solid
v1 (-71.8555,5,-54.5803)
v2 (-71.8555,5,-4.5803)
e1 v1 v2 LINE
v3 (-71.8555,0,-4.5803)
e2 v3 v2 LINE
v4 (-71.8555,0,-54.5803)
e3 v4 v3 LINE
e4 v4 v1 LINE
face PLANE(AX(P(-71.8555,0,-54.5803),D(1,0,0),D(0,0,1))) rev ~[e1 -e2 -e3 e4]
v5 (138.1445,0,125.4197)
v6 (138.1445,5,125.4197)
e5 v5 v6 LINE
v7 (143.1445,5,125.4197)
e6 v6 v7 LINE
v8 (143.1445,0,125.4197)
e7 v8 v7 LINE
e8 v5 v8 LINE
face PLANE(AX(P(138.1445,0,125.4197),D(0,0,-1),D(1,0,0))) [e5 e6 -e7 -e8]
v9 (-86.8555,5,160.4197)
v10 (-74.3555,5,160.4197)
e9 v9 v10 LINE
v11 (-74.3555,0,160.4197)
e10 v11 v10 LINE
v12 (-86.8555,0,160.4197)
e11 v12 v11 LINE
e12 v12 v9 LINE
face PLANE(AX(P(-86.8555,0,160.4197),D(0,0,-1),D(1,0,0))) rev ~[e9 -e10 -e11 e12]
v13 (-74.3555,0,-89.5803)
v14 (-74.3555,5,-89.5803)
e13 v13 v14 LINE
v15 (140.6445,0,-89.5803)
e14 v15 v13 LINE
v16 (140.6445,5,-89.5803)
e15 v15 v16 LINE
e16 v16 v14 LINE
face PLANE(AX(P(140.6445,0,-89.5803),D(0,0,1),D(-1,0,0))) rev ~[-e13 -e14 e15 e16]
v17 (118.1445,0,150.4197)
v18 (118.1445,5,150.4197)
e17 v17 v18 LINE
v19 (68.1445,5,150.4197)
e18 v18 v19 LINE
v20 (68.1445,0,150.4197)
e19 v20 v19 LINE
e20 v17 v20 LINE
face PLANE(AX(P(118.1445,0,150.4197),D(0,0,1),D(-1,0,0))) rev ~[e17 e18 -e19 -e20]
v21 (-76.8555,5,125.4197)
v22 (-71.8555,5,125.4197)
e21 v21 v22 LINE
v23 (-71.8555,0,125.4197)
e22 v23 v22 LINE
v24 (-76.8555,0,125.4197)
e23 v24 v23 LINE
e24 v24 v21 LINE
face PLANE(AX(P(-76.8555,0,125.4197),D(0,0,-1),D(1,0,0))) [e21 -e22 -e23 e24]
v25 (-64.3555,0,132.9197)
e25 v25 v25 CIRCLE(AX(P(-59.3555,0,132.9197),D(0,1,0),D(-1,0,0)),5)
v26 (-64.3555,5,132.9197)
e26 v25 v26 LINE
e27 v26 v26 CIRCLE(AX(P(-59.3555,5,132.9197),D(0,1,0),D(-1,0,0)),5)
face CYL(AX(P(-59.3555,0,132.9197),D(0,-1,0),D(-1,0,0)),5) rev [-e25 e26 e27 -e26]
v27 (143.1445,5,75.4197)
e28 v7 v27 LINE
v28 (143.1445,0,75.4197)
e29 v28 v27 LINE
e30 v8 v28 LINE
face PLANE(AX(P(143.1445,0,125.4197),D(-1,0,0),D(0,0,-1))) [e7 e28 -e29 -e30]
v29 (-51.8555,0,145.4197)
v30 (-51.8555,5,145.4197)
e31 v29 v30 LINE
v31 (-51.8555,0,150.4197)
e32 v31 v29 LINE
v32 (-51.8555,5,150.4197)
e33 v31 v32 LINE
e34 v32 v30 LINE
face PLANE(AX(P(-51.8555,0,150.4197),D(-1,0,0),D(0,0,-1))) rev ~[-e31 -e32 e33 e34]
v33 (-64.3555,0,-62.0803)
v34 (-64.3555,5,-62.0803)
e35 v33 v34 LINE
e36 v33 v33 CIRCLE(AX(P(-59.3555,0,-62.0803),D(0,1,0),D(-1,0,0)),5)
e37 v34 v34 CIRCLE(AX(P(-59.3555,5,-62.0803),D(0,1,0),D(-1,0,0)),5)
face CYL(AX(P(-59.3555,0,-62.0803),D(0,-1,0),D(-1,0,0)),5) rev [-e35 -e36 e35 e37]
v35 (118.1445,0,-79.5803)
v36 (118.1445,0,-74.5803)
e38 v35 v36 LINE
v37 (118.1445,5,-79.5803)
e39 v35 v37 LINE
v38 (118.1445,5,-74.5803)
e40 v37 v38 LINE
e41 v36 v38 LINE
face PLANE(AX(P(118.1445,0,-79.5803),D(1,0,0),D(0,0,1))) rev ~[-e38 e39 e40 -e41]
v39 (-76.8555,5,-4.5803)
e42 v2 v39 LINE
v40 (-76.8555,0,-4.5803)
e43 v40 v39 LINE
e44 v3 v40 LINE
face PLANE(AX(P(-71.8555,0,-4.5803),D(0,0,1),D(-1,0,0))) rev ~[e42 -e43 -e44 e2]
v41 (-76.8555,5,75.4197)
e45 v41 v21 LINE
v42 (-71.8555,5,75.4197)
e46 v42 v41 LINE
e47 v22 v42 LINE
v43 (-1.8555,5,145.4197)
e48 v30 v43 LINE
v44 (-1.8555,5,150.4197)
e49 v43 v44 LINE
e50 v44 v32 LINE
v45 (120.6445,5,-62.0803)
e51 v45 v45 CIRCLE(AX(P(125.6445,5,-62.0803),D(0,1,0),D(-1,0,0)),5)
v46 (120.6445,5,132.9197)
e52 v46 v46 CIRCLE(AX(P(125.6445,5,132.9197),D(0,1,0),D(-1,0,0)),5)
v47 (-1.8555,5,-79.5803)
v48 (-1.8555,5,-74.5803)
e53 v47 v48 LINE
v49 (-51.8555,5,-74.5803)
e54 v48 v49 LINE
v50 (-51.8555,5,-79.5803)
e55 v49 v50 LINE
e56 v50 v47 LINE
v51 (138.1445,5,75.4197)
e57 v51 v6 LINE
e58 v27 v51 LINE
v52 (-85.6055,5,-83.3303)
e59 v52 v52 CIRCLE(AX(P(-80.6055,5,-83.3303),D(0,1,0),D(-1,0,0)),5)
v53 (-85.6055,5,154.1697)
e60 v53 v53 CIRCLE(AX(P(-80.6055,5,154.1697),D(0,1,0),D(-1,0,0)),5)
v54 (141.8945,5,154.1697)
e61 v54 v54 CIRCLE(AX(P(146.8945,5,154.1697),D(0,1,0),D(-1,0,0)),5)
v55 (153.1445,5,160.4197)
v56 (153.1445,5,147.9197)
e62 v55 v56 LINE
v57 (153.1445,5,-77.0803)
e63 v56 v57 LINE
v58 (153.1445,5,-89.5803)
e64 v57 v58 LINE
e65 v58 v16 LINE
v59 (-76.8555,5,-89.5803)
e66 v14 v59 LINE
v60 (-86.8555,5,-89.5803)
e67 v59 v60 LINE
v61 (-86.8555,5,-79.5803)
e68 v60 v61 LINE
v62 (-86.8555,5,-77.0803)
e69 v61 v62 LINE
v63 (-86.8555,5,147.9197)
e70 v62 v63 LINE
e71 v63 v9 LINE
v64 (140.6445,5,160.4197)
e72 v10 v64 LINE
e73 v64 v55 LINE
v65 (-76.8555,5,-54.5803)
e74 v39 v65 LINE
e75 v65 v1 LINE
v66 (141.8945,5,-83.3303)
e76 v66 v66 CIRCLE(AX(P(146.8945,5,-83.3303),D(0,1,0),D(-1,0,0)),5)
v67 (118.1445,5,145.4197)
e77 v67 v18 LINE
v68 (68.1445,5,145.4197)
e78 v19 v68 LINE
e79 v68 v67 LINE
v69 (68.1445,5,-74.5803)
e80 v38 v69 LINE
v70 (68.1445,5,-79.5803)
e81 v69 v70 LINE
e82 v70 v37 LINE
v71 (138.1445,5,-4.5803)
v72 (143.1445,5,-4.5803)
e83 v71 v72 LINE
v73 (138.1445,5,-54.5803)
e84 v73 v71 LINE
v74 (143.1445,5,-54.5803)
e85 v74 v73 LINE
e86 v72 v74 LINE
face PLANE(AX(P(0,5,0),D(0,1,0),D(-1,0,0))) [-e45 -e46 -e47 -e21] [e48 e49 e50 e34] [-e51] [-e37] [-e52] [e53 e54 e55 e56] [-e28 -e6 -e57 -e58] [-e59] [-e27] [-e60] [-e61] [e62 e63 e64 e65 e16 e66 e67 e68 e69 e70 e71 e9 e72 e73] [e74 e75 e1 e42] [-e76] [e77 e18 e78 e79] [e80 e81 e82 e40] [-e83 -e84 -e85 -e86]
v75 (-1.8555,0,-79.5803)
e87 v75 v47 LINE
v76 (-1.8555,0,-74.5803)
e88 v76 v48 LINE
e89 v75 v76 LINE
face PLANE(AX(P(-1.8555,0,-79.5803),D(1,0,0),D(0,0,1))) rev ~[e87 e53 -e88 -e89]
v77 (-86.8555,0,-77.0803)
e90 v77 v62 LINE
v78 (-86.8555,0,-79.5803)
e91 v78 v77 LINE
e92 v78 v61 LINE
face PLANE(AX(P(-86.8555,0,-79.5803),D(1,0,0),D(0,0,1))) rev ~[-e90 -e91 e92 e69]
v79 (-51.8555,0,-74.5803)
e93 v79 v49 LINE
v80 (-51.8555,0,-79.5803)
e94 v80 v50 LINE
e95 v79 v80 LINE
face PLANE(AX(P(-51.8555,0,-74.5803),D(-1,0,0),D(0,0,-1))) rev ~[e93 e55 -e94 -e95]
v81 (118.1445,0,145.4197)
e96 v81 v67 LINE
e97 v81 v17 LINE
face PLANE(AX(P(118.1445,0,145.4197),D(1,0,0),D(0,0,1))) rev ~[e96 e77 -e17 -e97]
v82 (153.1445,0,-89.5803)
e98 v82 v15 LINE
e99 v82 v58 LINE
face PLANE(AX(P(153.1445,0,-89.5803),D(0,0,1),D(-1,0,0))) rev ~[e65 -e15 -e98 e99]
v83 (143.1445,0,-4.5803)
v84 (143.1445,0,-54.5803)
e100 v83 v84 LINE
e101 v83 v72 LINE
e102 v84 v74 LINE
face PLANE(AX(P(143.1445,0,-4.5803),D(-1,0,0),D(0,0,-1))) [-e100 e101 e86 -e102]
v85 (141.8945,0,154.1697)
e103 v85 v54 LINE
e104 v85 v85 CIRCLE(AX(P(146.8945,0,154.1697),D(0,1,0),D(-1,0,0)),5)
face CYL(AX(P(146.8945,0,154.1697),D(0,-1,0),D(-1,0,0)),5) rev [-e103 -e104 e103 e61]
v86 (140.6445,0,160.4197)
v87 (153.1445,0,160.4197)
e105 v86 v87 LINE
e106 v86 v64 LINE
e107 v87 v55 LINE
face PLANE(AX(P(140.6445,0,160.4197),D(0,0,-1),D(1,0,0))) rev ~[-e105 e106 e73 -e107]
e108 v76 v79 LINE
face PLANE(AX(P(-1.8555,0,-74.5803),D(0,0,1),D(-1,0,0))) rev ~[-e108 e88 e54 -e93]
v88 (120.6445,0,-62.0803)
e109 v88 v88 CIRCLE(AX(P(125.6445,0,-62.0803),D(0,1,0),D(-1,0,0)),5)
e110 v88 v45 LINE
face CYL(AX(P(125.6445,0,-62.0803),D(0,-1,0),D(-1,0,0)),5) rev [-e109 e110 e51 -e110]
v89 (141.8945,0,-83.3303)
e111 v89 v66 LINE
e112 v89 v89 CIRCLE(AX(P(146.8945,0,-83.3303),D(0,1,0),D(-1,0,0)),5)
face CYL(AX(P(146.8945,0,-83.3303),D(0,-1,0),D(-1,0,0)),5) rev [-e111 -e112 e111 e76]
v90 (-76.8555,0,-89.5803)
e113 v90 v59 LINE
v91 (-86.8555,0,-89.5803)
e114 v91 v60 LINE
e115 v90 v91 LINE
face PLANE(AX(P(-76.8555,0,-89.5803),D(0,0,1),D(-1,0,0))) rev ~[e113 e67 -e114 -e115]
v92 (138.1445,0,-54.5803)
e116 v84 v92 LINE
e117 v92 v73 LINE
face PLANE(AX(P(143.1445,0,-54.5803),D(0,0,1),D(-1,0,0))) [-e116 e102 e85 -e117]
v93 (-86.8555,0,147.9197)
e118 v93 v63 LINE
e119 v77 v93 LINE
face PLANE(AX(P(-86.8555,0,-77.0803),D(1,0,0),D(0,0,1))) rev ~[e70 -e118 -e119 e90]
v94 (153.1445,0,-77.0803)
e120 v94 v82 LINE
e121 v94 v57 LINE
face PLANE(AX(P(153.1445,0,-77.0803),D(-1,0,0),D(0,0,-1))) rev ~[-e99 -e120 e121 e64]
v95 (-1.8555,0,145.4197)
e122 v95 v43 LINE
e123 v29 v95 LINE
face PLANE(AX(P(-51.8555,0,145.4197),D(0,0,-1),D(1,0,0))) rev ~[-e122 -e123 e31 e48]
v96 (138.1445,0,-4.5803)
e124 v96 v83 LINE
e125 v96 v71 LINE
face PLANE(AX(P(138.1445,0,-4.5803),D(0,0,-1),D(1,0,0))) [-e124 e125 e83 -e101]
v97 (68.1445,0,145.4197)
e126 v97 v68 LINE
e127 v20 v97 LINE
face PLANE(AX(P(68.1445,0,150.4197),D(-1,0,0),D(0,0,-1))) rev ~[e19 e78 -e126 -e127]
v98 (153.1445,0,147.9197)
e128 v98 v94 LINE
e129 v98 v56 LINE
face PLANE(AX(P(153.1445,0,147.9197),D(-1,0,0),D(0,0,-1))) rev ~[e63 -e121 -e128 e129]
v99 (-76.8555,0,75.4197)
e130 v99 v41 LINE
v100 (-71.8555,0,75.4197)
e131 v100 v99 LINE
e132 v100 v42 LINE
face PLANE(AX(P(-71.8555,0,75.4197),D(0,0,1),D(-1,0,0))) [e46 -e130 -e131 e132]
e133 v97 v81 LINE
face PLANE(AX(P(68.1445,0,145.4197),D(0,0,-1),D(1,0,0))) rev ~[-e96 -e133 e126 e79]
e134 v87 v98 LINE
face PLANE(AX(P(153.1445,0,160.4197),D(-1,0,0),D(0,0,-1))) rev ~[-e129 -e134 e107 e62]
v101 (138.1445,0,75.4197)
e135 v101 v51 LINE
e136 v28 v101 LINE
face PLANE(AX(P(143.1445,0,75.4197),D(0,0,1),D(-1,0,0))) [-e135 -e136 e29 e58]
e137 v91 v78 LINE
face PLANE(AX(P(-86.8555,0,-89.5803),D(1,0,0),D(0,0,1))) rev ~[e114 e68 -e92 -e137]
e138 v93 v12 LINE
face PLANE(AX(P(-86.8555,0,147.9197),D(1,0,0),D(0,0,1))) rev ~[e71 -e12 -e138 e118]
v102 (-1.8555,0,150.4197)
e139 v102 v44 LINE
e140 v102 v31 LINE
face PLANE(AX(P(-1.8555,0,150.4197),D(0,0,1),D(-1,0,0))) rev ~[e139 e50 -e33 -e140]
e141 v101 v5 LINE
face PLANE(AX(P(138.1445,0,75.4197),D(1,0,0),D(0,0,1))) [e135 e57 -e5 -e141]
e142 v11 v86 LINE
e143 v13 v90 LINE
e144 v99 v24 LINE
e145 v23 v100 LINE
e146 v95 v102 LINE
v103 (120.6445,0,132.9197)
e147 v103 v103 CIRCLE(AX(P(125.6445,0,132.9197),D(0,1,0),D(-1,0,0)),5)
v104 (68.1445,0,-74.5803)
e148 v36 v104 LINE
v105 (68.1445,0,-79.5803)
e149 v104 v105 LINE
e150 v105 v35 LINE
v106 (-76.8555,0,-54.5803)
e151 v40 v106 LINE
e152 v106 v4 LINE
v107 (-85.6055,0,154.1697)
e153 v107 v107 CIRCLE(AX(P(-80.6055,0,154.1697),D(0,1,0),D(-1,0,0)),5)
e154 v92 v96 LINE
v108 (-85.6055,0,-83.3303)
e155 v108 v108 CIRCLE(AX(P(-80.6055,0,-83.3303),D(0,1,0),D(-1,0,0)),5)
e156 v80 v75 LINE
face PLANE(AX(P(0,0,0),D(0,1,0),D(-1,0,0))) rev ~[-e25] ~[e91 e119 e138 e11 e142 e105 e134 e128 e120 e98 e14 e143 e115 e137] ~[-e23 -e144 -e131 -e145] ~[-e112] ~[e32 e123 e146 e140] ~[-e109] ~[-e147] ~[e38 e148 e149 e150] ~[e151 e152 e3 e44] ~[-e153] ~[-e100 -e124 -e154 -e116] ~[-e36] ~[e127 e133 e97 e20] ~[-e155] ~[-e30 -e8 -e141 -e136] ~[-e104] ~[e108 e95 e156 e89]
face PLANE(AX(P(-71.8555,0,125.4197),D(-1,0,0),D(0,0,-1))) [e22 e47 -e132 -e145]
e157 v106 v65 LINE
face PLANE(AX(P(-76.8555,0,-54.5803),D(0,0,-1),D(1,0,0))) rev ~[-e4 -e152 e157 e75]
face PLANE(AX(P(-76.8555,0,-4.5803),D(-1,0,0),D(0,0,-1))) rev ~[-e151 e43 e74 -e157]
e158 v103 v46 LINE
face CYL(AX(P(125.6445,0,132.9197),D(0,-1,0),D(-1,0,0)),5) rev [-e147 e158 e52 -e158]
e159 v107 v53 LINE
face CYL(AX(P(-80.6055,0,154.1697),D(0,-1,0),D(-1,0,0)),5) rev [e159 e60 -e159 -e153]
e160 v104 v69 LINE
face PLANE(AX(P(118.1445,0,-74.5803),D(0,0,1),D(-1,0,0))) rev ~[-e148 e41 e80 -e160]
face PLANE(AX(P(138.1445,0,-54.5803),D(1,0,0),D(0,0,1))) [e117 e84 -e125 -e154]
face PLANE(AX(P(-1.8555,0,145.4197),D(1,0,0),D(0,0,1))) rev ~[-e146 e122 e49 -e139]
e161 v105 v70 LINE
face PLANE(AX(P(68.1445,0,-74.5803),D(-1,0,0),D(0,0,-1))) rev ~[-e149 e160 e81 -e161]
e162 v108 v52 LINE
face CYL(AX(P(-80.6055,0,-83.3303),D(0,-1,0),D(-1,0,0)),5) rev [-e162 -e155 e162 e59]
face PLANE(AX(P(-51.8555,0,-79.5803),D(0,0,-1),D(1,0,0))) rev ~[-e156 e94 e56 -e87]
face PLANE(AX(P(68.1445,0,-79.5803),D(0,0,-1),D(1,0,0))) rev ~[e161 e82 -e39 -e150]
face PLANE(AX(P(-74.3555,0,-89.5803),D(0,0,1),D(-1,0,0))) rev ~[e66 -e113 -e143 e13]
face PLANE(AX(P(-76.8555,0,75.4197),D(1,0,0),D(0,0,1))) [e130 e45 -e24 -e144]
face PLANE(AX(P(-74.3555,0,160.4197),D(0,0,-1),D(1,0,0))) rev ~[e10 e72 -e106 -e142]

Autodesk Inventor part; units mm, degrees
ref_plane "YZ Plane" through (0, 0, 0) normal (1, 0, 0) x (0, 1, 0)
ref_plane "XZ Plane" through (0, 0, 0) normal (0, 1, 0) x (-1, 0, 0)
ref_plane "XY Plane" through (0, 0, 0) normal (0, 0, 1) x (1, 0, 0)
sketch "Sketch1" plane through (0, 0, 0) normal (0, 1, 0) x (-1, 0, 0)
  line L0 (86.8555, -89.5803) -> (86.8555, 160.4197)
  line L1 (86.8555, 160.4197) -> (-153.1445, 160.4197)
  line L2 (-153.1445, 160.4197) -> (-153.1445, -89.5803)
  line L3 (-153.1445, -89.5803) -> (86.8555, -89.5803)
  line L4 (-143.1445, 125.4197) -> (-143.1445, 75.4197)
  line L5 (-143.1445, 75.4197) -> (-138.1445, 75.4197)
  line L6 (-138.1445, 75.4197) -> (-138.1445, 125.4197)
  line L7 (-138.1445, 125.4197) -> (-143.1445, 125.4197)
  line L8 (-138.1445, -54.5803) -> (-138.1445, -4.5803)
  line L9 (-138.1445, -4.5803) -> (-143.1445, -4.5803)
  line L10 (-143.1445, -4.5803) -> (-143.1445, -54.5803)
  line L11 (-143.1445, -54.5803) -> (-138.1445, -54.5803)
  line L12 (-118.1445, -74.5803) -> (-68.1445, -74.5803)
  line L13 (-68.1445, -74.5803) -> (-68.1445, -79.5803)
  line L14 (-68.1445, -79.5803) -> (-118.1445, -79.5803)
  line L15 (-118.1445, -79.5803) -> (-118.1445, -74.5803)
  line L16 (1.8555, -74.5803) -> (51.8555, -74.5803)
  line L17 (51.8555, -74.5803) -> (51.8555, -79.5803)
  line L18 (51.8555, -79.5803) -> (1.8555, -79.5803)
  line L19 (1.8555, -79.5803) -> (1.8555, -74.5803)
  line L20 (71.8555, -54.5803) -> (71.8555, -4.5803)
  line L21 (71.8555, -4.5803) -> (76.8555, -4.5803)
  line L22 (76.8555, -4.5803) -> (76.8555, -54.5803)
  line L23 (76.8555, -54.5803) -> (71.8555, -54.5803)
  line L24 (76.8555, 75.4197) -> (76.8555, 125.4197)
  line L25 (76.8555, 125.4197) -> (71.8555, 125.4197)
  line L26 (71.8555, 125.4197) -> (71.8555, 75.4197)
  line L27 (71.8555, 75.4197) -> (76.8555, 75.4197)
  line L28 (51.8555, 145.4197) -> (1.8555, 145.4197)
  line L29 (1.8555, 145.4197) -> (1.8555, 150.4197)
  line L30 (1.8555, 150.4197) -> (51.8555, 150.4197)
  line L31 (51.8555, 150.4197) -> (51.8555, 145.4197)
  line L32 (-68.1445, 145.4197) -> (-118.1445, 145.4197)
  line L33 (-118.1445, 145.4197) -> (-118.1445, 150.4197)
  line L34 (-118.1445, 150.4197) -> (-68.1445, 150.4197)
  line L35 (-68.1445, 150.4197) -> (-68.1445, 145.4197)
  circle A0 centre (59.3555, -62.0803) radius 5
  circle A1 centre (-125.6445, -62.0803) radius 5
  circle A2 centre (59.3555, 132.9197) radius 5
  circle A3 centre (-125.6445, 132.9197) radius 5
  line L36 (76.8555, -89.5803) -> (86.8555, -89.5803)
  line L37 (86.8555, -89.5803) -> (86.8555, -79.5803)
  line L38 (86.8555, -77.0803) -> (86.8555, -89.5803)
  line L39 (86.8555, -89.5803) -> (74.3555, -89.5803)
  circle A4 centre (80.6055, -83.3303) radius 5
  line L40 (-153.1445, -77.0803) -> (-153.1445, -89.5803)
  line L41 (-153.1445, -89.5803) -> (-140.6445, -89.5803)
  circle A5 centre (-146.8945, -83.3303) radius 5
  line L42 (-140.6445, 160.4197) -> (-153.1445, 160.4197)
  line L43 (-153.1445, 160.4197) -> (-153.1445, 147.9197)
  circle A6 centre (-146.8945, 154.1697) radius 5
  line L44 (74.3555, 160.4197) -> (86.8555, 160.4197)
  line L45 (86.8555, 160.4197) -> (86.8555, 147.9197)
  circle A7 centre (80.6055, 154.1697) radius 5
  point P0 (0, 0)
  dimension "d0" = 250
  dimension "d1" = 240
  dimension "d4" = 35
  dimension "d5" = 10
  dimension "d8" = 10
  dimension "d9" = 35
  dimension "d12" = 10
  dimension "d13" = 35
  dimension "d19" = 10
  dimension "d20" = 10
  dimension "d23" = 10
  dimension "d25" = 5
  dimension "d26" = 10
  dimension "d30" = 35
  dimension "d31" = 35
  dimension "d32" = 35
  dimension "d37" = 10
  dimension "d40" = 10
  dimension "d43" = 10
  dimension "d46" = 10
  dimension "d49" = 10
  dimension "d50" = 10
  dimension "d51" = 10
  dimension "d52" = 10
extrude "Extrusion3" add sketch "Sketch1" along normal blind 5
properties part number "Part Buttom"
